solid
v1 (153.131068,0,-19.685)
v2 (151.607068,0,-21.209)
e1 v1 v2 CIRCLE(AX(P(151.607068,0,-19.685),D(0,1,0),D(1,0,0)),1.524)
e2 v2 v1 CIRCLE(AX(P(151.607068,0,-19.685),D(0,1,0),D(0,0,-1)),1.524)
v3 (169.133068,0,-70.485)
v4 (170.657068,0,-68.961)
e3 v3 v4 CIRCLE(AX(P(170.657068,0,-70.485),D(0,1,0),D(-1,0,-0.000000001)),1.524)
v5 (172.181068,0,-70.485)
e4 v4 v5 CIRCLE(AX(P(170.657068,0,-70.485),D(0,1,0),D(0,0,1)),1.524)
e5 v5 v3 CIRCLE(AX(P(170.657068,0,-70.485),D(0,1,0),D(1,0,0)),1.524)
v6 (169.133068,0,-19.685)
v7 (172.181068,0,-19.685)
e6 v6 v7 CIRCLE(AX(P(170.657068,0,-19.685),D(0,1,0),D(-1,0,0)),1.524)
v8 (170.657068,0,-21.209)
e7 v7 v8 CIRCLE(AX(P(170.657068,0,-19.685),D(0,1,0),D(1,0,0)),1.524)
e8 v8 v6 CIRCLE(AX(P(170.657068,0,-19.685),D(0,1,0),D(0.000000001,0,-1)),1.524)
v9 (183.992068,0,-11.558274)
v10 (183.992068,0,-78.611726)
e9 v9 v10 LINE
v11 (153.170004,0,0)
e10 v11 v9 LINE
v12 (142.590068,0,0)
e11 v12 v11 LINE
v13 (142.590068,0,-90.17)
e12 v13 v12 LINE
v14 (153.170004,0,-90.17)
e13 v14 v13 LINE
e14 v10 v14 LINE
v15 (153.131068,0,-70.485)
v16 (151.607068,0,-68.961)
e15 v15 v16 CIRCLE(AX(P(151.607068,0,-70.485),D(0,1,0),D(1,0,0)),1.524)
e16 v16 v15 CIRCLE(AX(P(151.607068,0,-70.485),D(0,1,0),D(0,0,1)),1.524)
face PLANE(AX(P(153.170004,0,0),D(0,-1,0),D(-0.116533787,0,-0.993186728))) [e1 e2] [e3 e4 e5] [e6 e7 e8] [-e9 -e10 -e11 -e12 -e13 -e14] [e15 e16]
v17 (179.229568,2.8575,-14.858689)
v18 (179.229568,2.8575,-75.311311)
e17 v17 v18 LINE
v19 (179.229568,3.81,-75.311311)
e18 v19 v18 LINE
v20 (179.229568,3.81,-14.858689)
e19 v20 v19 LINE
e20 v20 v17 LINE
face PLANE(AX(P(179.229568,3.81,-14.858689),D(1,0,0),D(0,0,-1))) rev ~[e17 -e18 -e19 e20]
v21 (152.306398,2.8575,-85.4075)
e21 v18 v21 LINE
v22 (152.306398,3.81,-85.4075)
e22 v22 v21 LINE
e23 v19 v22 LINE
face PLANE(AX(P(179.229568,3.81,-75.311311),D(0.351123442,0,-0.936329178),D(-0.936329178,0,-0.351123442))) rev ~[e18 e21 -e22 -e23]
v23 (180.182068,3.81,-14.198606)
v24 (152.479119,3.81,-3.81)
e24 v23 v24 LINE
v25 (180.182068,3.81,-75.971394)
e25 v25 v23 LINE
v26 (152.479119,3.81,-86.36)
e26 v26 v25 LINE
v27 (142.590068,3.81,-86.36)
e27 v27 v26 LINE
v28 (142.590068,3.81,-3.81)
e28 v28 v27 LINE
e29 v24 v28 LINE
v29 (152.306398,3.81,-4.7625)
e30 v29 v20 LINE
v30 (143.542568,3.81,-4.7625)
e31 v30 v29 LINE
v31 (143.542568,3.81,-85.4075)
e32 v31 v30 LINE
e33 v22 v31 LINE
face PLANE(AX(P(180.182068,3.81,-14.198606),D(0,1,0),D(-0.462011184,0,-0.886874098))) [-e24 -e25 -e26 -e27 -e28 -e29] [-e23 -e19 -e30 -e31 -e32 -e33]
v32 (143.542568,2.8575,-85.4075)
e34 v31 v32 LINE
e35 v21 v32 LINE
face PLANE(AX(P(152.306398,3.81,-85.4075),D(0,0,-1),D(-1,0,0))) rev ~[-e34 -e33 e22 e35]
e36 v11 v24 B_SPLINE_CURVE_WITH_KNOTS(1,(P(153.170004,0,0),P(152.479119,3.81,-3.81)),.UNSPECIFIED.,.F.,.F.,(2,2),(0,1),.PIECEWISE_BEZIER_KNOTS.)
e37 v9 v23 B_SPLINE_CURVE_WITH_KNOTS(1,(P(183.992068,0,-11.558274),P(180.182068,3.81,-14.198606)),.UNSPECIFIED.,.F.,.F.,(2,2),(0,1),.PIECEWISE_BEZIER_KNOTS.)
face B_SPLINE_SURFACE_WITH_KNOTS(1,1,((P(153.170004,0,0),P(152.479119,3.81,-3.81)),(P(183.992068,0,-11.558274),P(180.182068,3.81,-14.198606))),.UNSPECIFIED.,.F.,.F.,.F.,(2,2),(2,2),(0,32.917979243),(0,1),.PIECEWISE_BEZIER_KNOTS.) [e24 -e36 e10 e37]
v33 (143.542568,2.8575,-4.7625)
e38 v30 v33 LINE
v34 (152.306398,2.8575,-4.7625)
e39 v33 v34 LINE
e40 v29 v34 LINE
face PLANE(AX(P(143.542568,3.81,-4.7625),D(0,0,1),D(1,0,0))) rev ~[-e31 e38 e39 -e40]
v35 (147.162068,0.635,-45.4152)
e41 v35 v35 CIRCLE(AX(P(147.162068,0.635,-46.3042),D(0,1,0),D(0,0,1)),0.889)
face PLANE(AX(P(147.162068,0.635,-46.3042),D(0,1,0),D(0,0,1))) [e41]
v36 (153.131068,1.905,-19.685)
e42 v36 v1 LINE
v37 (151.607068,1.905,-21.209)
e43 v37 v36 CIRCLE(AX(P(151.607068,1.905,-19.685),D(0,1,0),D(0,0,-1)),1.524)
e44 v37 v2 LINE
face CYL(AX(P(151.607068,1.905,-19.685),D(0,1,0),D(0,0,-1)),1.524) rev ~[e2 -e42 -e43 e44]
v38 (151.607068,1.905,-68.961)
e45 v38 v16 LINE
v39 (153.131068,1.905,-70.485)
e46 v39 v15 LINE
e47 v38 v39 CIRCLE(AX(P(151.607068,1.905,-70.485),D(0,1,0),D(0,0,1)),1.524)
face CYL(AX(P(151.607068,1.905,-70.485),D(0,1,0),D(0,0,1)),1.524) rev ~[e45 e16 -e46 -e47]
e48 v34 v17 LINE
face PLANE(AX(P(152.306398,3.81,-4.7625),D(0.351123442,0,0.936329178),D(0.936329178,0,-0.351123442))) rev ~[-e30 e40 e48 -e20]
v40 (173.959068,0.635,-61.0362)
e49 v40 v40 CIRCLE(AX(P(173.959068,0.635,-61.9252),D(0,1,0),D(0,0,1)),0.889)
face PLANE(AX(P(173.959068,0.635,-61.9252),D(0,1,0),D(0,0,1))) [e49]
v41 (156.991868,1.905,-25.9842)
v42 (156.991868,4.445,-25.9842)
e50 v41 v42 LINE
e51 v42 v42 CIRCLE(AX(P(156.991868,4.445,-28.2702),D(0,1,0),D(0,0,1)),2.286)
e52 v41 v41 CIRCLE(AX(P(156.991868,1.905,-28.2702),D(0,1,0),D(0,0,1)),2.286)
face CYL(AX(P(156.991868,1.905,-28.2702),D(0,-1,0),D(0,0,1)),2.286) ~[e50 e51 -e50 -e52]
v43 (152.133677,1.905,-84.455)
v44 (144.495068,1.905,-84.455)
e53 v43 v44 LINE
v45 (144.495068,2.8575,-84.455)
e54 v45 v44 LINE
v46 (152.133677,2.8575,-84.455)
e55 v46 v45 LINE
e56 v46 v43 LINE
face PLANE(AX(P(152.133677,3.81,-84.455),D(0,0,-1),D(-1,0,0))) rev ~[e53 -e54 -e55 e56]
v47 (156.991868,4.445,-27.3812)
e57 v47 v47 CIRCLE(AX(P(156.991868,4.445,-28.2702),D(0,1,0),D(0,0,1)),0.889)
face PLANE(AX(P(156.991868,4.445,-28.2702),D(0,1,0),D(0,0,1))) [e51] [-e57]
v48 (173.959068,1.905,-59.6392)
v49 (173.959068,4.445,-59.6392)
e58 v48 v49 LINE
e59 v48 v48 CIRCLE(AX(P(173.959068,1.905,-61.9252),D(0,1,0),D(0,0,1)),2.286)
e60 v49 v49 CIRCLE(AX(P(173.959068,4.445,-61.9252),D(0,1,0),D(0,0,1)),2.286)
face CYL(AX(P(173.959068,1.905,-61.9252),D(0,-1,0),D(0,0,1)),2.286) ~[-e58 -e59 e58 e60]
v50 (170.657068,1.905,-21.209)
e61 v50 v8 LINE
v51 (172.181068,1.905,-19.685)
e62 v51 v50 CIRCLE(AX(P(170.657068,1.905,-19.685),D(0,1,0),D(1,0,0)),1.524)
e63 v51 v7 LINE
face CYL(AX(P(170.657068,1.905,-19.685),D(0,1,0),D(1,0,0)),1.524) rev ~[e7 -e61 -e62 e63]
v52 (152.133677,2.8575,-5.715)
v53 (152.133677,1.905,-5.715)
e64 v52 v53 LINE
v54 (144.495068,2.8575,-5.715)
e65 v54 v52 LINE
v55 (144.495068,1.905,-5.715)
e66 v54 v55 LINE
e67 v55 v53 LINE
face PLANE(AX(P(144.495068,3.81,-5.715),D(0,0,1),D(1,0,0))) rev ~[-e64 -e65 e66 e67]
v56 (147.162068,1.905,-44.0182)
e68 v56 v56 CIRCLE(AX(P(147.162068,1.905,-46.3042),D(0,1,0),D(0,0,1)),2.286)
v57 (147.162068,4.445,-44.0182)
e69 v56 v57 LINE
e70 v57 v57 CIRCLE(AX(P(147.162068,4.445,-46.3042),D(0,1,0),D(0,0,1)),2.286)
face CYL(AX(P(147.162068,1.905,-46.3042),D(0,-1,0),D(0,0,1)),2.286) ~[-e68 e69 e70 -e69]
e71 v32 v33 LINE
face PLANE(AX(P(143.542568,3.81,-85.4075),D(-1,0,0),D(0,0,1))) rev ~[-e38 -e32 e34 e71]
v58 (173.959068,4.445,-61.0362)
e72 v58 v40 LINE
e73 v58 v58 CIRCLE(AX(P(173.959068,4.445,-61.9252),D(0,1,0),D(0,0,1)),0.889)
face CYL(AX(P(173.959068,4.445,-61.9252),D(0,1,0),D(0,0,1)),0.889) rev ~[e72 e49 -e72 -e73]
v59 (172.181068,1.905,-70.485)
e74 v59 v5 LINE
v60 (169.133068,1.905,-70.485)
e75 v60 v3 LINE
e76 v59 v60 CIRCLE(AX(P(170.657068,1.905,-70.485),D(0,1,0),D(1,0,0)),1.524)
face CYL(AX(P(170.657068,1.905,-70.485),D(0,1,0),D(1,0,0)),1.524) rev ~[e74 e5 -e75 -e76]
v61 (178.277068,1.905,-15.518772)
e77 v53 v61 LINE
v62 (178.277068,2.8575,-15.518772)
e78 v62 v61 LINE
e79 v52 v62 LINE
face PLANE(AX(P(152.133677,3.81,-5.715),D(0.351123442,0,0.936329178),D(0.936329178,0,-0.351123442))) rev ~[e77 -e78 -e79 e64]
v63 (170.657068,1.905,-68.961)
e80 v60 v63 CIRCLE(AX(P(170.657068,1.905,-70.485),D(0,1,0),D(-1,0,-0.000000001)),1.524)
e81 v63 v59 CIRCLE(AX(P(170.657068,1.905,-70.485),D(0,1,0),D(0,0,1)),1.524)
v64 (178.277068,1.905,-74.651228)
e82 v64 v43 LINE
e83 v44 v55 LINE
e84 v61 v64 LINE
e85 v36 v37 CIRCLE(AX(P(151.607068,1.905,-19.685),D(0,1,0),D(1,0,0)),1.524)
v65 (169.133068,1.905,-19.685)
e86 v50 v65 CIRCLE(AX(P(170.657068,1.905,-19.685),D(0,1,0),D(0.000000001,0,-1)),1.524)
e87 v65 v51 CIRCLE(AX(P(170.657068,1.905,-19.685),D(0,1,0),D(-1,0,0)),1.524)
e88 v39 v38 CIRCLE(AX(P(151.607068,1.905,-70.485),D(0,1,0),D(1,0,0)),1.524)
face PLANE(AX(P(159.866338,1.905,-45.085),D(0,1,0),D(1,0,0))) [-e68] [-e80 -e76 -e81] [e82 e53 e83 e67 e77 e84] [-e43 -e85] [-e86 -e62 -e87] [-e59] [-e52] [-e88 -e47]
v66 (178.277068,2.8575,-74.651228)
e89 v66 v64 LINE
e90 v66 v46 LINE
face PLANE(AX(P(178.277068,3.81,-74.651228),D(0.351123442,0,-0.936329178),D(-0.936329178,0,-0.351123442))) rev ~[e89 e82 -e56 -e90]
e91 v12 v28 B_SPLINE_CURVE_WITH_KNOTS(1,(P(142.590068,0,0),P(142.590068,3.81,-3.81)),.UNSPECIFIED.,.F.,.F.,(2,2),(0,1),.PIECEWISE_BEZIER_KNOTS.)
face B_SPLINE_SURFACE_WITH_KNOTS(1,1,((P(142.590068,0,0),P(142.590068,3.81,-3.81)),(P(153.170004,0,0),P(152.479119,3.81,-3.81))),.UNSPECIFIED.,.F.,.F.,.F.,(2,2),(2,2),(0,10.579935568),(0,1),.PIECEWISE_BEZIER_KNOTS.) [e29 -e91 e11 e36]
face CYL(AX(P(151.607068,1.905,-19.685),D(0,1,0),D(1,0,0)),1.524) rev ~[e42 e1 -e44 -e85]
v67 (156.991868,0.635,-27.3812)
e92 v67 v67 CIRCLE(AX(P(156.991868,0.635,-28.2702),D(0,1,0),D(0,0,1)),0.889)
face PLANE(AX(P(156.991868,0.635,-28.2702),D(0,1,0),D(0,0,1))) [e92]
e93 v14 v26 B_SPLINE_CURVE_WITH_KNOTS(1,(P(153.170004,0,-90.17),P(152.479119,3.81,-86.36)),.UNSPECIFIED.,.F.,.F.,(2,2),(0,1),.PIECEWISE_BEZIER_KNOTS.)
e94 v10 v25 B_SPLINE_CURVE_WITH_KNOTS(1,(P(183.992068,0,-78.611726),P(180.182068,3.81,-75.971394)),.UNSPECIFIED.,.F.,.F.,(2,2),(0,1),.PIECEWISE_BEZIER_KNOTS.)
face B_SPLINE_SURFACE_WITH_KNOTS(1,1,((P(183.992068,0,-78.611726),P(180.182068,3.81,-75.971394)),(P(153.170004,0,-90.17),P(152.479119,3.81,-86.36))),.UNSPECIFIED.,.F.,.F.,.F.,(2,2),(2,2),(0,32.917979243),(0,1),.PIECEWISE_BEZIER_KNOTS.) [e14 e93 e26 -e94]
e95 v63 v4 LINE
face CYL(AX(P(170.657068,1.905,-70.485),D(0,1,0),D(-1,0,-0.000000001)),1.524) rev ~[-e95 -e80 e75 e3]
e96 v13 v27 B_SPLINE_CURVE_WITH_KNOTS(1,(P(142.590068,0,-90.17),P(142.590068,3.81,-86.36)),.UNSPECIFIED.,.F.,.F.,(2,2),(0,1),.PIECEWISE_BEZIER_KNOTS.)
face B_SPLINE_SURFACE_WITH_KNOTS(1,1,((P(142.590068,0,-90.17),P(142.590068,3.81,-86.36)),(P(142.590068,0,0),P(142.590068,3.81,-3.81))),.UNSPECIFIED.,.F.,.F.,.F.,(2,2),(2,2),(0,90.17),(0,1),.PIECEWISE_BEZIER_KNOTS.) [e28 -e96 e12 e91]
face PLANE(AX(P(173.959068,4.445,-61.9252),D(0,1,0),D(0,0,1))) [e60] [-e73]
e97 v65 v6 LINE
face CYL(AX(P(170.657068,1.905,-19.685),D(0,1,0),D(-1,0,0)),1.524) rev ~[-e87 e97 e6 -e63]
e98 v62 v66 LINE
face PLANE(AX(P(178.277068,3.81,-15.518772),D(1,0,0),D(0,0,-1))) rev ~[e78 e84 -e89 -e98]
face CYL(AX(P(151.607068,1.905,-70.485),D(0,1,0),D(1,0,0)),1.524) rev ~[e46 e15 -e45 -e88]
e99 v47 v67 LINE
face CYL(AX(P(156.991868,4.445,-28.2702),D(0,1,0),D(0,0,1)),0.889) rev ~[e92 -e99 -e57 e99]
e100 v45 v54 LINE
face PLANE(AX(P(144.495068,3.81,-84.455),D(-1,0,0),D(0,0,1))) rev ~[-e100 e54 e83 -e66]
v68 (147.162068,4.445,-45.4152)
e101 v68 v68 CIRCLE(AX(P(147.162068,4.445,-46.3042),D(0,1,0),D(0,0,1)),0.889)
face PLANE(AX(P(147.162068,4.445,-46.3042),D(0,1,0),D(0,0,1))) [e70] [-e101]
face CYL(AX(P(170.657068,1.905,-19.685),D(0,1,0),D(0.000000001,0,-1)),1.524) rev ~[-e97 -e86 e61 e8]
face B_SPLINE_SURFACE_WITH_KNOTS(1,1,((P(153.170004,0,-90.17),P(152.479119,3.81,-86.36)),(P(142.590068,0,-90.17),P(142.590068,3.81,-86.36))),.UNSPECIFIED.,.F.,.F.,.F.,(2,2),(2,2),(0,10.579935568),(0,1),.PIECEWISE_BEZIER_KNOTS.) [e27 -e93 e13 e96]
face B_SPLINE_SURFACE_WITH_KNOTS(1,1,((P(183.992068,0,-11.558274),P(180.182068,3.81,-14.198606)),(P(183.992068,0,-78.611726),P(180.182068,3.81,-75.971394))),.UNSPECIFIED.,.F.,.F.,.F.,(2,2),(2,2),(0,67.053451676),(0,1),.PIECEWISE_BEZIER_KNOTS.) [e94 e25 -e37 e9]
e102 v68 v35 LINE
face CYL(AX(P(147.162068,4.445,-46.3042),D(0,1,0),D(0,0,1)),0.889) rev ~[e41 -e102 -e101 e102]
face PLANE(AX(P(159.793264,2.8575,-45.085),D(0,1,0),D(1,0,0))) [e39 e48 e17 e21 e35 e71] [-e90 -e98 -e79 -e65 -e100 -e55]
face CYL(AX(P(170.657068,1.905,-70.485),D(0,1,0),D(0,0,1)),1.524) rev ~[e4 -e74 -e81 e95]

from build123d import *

# Parameters (mm, degrees)
CUT_EXTRUDE4_DEPTH  = 1.905
SKETCH15_R          = 2.286
BOSS_EXTRUDE3_DEPTH = 2.54
SKETCH17_R          = 0.889
CUT_EXTRUDE5_DEPTH  = 3.81
CUT_EXTRUDE6_DEPTH  = 0.9525
CUT_EXTRUDE9_DEPTH  = 205.915011065


with BuildPart() as part:
    # Sketch2 → Loft3 section 0
    with BuildSketch(Plane(origin=(0, 0, 0), x_dir=(1, 0, 0), z_dir=(0, 1, 0))):
        with BuildLine():
            Line((153.170003889, 0), (183.992068321, 11.558274162))
            Line((183.992068321, 11.558274162), (183.992068321, 78.611725838))
            Line((183.992068321, 78.611725838), (153.170003889, 90.17))
            Line((153.170003889, 90.17), (142.590068321, 90.17))
            Line((142.590068321, 90.17), (142.590068321, 0))
            Line((142.590068321, 0), (153.170003889, 0))
        make_face()
    # Sketch3 → Loft3 section 1
    with BuildSketch(Plane(origin=(0, 3.81, 0), x_dir=(1, 0, 0), z_dir=(0, 1, 0))):
        with BuildLine():
            Line((142.590068321, 3.81), (142.590068321, 86.36))
            Line((142.590068321, 86.36), (152.479119132, 86.36))
            Line((152.479119132, 86.36), (180.182068321, 75.971394054))
            Line((180.182068321, 75.971394054), (180.182068321, 14.198605946))
            Line((180.182068321, 14.198605946), (152.479119132, 3.81))
            Line((152.479119132, 3.81), (142.590068321, 3.81))
        make_face()
    loft()

    # Sketch14 → Cut-Extrude4 (cut)
    with BuildSketch(Plane(origin=(0, 3.81, 0), x_dir=(1, 0, 0), z_dir=(0, 1, 0))):
        Polygon((178.277068321, 74.651228162), (152.133676754, 84.455), (144.495068321, 84.455), (144.495068321, 5.715), (152.133676754, 5.715), (178.277068321, 15.518771838), align=None)
    extrude(amount=-CUT_EXTRUDE4_DEPTH, mode=Mode.SUBTRACT)

    # Sketch15 → Boss-Extrude3 (add)
    with BuildSketch(Plane(origin=(0, 1.905, 0), x_dir=(1, 0, 0), z_dir=(0, 1, 0))):
        with Locations(Location((173.959068321, 61.9252, 0), (0, 0, 270))):
            Circle(SKETCH15_R)
        with Locations(Location((147.162068321, 46.3042, 0), (0, 0, 270))):
            Circle(SKETCH15_R)
        with Locations(Location((156.991868321, 28.2702, 0), (0, 0, 270))):
            Circle(SKETCH15_R)
    extrude(amount=BOSS_EXTRUDE3_DEPTH)

    # Sketch17 → Cut-Extrude5 (cut)
    with BuildSketch(Plane(origin=(0, 4.445, 0), x_dir=(1, 0, 0), z_dir=(0, 1, 0))):
        with Locations(Location((156.991868321, 28.2702, 0), (0, 0, 270))):
            Circle(SKETCH17_R)
        with Locations(Location((147.162068321, 46.3042, 0), (0, 0, 270))):
            Circle(SKETCH17_R)
        with Locations(Location((173.959068321, 61.9252, 0), (0, 0, 270))):
            Circle(SKETCH17_R)
    extrude(amount=-CUT_EXTRUDE5_DEPTH, mode=Mode.SUBTRACT)

    # Sketch18 → Cut-Extrude6 (cut)
    with BuildSketch(Plane(origin=(0, 3.81, 0), x_dir=(1, 0, 0), z_dir=(0, 1, 0))):
        Polygon((179.229568321, 14.858688892), (179.229568321, 75.311311108), (152.306397943, 85.4075), (143.542568321, 85.4075), (143.542568321, 4.7625), (152.306397943, 4.7625), align=None)
        Polygon((178.277068321, 15.518771838), (178.277068321, 74.651228162), (152.133676754, 84.455), (144.495068321, 84.455), (144.495068321, 5.715), (152.133676754, 5.715), align=None, mode=Mode.SUBTRACT)
    extrude(amount=-CUT_EXTRUDE6_DEPTH, mode=Mode.SUBTRACT)

    # Sketch22 → Cut-Extrude9 (cut, through all)
    with BuildSketch(Plane(origin=(0, 1.905, 0), x_dir=(1, 0, 0), z_dir=(0, 1, 0))):
        with BuildLine():
            ThreePointArc((170.657068321, 21.209), (169.579437586, 20.762630735), (169.133068321, 19.685))
            Line((169.133068321, 19.685), (170.657068321, 19.685))
            Line((170.657068321, 19.685), (170.657068321, 21.209))
        make_face()
        with BuildLine():
            Line((170.657068321, 19.685), (169.133068321, 19.685))
            ThreePointArc((169.133068321, 19.685), (170.657068321, 18.161), (172.181068321, 19.685))
            ThreePointArc((172.181068321, 19.685), (171.734699055, 20.762630735), (170.657068321, 21.209))
            Line((170.657068321, 21.209), (170.657068321, 19.685))
        make_face()
        with BuildLine():
            ThreePointArc((151.607068321, 21.209), (150.529437586, 18.607369265), (153.131068321, 19.685))
            Line((153.131068321, 19.685), (151.607068321, 19.685))
            Line((151.607068321, 19.685), (151.607068321, 21.209))
        make_face()
        with BuildLine():
            Line((151.607068321, 19.685), (153.131068321, 19.685))
            ThreePointArc((153.131068321, 19.685), (152.684699055, 20.762630735), (151.607068321, 21.209))
            Line((151.607068321, 21.209), (151.607068321, 19.685))
        make_face()
        with BuildLine():
            ThreePointArc((169.133068321, 70.485), (169.579437586, 69.407369265), (170.657068321, 68.961))
            Line((170.657068321, 68.961), (170.657068321, 70.485))
            Line((170.657068321, 70.485), (169.133068321, 70.485))
        make_face()
        with BuildLine():
            Line((170.657068321, 70.485), (170.657068321, 68.961))
            ThreePointArc((170.657068321, 68.961), (171.734699055, 69.407369265), (172.181068321, 70.485))
            ThreePointArc((172.181068321, 70.485), (170.657068321, 72.009), (169.133068321, 70.485))
            Line((169.133068321, 70.485), (170.657068321, 70.485))
        make_face()
        with BuildLine():
            ThreePointArc((153.131068321, 70.485), (150.529437586, 71.562630735), (151.607068321, 68.961))
            Line((151.607068321, 68.961), (151.607068321, 70.485))
            Line((151.607068321, 70.485), (153.131068321, 70.485))
        make_face()
        with BuildLine():
            Line((151.607068321, 70.485), (151.607068321, 68.961))
            ThreePointArc((151.607068321, 68.961), (152.684699055, 69.407369265), (153.131068321, 70.485))
            Line((153.131068321, 70.485), (151.607068321, 70.485))
        make_face()
    extrude(amount=-CUT_EXTRUDE9_DEPTH, mode=Mode.SUBTRACT)


solid = part.part
